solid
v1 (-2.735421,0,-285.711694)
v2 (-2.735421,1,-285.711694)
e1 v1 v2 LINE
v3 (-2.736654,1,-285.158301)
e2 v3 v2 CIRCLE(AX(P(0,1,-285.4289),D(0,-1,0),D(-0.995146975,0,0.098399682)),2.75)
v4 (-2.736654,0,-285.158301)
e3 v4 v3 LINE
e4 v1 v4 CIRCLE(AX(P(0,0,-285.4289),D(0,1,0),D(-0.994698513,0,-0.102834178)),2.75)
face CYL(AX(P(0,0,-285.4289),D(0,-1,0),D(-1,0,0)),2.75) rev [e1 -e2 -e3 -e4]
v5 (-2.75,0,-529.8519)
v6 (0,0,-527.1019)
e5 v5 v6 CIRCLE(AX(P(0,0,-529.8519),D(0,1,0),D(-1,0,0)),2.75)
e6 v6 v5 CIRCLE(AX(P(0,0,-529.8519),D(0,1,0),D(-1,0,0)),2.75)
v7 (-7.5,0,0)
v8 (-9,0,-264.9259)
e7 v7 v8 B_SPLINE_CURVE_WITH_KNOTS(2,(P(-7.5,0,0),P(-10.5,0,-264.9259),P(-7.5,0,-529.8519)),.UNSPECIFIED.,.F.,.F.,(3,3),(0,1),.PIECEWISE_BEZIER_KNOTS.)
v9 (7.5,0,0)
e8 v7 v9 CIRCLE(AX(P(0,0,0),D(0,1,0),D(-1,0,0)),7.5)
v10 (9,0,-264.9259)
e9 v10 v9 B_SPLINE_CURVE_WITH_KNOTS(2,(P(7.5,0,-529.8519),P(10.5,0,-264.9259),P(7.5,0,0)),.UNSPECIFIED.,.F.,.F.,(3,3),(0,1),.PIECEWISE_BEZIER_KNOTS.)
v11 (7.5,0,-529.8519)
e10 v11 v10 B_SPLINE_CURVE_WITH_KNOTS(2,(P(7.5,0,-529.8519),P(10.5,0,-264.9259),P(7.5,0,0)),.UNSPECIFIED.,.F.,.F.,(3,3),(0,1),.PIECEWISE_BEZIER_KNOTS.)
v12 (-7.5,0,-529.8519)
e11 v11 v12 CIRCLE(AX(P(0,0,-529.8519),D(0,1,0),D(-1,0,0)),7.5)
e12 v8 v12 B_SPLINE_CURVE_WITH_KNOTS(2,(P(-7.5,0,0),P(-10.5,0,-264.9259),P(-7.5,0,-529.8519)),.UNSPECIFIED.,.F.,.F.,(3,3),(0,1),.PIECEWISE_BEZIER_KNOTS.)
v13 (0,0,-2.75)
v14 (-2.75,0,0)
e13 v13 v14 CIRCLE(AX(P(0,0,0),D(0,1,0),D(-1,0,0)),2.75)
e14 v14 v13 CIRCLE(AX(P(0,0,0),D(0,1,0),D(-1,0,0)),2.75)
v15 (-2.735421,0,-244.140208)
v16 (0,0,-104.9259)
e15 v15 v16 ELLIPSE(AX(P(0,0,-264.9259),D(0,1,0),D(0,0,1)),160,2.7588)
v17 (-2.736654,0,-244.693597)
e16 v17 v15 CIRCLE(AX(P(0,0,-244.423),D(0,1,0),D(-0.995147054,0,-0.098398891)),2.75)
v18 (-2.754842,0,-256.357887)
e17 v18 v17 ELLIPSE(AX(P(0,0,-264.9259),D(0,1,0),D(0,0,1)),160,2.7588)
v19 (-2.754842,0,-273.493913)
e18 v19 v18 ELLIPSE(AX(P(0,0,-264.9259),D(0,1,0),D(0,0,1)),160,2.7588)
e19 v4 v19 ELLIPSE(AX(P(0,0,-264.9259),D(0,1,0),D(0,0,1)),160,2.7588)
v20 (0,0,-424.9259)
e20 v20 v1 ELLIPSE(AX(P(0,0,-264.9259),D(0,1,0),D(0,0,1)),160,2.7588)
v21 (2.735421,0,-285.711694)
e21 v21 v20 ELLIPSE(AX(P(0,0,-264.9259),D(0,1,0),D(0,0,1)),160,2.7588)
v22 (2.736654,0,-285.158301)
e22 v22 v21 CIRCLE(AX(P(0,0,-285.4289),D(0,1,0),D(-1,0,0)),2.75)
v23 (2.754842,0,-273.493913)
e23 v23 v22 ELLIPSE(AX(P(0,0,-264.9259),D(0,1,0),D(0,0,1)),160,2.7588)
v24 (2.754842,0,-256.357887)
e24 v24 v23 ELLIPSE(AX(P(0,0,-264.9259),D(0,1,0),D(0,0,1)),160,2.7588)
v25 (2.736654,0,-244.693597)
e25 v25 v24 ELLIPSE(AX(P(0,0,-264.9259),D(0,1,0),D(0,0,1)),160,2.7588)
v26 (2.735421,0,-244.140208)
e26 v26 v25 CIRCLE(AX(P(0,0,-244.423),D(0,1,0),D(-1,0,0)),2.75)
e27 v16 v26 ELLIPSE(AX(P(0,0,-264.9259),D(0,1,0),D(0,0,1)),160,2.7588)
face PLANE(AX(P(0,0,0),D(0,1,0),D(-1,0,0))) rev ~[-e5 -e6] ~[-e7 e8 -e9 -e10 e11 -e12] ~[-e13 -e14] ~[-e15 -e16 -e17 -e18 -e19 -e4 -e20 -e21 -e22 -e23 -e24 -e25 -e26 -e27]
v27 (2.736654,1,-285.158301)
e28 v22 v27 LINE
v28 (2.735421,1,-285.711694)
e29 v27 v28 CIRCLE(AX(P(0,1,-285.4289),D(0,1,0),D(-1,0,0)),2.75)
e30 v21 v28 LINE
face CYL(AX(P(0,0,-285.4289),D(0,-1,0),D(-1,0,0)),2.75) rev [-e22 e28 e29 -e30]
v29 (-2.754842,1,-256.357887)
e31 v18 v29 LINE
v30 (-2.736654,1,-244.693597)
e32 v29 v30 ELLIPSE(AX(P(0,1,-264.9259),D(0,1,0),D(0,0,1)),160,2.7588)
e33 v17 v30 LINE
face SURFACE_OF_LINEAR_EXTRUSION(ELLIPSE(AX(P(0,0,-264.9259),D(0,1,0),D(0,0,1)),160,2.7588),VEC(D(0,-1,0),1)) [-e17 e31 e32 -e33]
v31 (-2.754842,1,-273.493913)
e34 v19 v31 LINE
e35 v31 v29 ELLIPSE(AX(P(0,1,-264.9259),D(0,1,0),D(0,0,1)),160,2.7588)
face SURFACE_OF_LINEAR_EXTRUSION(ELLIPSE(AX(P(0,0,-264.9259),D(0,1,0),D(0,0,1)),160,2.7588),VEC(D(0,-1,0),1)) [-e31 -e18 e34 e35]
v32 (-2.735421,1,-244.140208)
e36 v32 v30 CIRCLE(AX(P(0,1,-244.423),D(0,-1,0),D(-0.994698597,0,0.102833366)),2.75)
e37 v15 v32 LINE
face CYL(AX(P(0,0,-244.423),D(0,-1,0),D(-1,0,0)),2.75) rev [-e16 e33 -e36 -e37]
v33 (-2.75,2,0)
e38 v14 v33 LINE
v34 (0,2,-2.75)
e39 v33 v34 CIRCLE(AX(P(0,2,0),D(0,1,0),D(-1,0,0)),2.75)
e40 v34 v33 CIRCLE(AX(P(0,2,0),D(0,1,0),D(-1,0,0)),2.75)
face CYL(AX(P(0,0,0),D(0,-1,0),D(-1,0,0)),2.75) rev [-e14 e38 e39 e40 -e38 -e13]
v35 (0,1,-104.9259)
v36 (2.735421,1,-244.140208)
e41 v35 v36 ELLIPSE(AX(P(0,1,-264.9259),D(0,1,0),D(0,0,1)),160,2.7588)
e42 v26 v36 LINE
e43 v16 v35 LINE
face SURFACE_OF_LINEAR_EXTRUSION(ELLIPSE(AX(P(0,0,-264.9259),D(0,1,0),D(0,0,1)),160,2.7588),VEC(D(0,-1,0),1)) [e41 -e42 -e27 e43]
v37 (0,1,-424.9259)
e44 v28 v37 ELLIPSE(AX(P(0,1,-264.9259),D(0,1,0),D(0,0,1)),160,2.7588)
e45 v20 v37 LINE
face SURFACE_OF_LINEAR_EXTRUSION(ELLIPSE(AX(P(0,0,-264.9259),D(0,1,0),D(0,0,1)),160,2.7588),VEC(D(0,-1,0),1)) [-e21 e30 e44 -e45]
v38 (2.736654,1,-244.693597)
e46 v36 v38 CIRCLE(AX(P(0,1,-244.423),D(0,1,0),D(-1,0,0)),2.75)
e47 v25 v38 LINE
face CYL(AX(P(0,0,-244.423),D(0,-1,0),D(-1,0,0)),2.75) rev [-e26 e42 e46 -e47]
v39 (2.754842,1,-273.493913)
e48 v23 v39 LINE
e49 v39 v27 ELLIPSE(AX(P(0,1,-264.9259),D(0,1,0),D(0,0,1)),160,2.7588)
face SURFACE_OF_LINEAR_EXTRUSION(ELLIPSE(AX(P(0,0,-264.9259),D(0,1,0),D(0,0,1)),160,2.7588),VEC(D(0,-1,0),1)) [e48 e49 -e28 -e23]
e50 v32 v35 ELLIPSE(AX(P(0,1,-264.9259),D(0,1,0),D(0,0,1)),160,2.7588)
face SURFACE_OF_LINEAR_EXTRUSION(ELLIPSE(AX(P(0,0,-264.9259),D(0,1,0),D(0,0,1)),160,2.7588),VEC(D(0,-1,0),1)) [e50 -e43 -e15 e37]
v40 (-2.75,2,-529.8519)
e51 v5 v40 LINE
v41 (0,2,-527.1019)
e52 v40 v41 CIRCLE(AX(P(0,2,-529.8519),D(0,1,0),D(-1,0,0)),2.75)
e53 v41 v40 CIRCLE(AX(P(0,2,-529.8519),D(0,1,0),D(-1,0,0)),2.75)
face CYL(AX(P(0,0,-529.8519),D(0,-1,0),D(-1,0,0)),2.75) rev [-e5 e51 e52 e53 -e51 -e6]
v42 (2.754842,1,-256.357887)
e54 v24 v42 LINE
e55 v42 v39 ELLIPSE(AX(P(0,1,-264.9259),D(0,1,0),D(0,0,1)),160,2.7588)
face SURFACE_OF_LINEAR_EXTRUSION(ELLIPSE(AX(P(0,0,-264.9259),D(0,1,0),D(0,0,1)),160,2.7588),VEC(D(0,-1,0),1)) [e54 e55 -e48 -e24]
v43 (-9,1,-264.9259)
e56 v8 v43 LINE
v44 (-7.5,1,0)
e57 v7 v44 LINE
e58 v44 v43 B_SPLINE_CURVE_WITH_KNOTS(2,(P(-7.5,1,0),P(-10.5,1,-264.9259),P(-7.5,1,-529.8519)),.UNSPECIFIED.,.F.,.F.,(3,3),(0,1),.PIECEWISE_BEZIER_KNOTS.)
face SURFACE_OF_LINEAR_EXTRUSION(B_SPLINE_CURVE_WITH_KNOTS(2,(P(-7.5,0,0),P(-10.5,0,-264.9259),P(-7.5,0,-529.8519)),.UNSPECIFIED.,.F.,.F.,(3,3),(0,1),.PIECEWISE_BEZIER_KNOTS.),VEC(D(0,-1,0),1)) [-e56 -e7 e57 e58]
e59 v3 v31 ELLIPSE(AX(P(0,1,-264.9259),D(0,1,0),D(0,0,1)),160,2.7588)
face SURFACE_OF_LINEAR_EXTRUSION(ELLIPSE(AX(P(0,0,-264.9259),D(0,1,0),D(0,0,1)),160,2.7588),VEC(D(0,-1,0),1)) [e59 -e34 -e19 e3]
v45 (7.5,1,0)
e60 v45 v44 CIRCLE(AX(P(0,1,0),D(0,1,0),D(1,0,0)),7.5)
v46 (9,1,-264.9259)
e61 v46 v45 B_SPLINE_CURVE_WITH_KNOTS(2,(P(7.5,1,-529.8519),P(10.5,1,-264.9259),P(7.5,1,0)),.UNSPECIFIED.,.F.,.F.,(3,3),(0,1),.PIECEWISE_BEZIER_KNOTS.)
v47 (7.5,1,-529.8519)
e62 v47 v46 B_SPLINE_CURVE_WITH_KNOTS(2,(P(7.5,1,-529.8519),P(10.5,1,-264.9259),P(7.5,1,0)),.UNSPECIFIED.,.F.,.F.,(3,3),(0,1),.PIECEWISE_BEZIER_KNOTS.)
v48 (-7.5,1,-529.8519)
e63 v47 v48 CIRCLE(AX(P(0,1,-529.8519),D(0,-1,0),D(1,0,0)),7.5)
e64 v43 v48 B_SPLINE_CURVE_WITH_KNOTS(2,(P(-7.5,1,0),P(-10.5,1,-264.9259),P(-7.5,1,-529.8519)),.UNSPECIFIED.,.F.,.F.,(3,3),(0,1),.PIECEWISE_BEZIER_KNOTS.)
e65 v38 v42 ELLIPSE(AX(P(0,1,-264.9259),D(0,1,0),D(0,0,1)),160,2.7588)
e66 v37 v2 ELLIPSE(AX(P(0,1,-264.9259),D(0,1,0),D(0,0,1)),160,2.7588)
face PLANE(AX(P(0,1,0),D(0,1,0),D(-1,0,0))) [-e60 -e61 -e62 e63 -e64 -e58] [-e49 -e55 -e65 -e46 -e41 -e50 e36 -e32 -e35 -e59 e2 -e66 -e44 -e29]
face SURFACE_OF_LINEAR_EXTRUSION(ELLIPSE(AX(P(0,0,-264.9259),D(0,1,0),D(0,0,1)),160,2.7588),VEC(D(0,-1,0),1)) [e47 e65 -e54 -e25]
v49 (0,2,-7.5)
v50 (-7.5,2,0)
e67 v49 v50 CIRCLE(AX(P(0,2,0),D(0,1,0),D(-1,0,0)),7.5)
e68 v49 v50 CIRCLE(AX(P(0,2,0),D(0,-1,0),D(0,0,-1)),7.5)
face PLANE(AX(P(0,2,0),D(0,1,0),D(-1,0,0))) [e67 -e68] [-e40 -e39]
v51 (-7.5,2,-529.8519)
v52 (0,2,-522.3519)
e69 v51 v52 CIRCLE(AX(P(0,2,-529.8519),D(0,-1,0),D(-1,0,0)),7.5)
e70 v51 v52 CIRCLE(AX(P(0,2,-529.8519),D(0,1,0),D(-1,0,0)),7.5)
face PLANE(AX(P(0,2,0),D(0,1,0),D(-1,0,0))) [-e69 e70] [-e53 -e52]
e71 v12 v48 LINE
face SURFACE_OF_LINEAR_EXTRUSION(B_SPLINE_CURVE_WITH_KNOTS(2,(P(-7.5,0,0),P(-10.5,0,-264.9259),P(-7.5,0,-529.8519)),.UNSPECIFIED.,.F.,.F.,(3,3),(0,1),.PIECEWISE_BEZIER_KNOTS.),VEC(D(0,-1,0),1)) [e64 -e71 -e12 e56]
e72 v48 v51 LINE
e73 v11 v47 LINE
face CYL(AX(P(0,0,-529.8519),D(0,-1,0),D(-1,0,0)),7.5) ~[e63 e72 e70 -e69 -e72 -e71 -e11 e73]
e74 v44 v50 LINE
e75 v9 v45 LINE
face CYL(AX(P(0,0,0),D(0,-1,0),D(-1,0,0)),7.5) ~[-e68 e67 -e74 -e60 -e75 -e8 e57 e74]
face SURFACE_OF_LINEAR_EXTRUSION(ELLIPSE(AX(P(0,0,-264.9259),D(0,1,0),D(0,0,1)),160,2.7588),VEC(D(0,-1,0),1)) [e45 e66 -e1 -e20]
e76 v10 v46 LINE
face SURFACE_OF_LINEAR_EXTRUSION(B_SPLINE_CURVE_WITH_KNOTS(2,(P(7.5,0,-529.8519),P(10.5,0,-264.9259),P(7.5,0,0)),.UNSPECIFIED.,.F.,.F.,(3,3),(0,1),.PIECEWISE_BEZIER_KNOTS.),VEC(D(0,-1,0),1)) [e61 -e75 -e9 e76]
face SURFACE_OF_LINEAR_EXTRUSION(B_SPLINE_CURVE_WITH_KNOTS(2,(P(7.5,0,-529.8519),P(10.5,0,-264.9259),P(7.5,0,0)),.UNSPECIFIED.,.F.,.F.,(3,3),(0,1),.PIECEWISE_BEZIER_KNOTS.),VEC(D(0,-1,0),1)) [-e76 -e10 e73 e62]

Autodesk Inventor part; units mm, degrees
ref_plane "YZ Plane" through (0, 0, 0) normal (1, 0, 0) x (0, 1, 0)
ref_plane "XZ Plane" through (0, 0, 0) normal (0, 1, 0) x (-1, 0, 0)
ref_plane "XY Plane" through (0, 0, 0) normal (0, 0, 1) x (1, 0, 0)
sketch "Sketch1" plane through (0, 0, 0) normal (0, 1, 0) x (-1, 0, 0)
  line L0 (0, 0) -> (0, -244.423)
  line L1 (0, 0) -> (244.423, 0) construction
  line L2 (0, -244.423) -> (0, -285.4289)
  line L3 (0, -285.4289) -> (0, -529.8519)
  circle A0 centre (0, -244.423) radius 2.75
  circle A1 centre (0, -285.4289) radius 2.75
  circle A2 centre (0, 0) radius 2.75
  circle A3 centre (0, 0) radius 7.5
  circle A4 centre (0, -529.8519) radius 7.5
  circle A5 centre (0, -264.9259) radius 9
  spline S0 degree 2 poles (7.5, 0) (10.5, -264.9259) (7.5, -529.8519) knots 0 0 0 1 1 1
  spline S1 degree 2 poles (-7.5, -529.8519) (-10.5, -264.9259) (-7.5, 0) knots 0 0 0 1 1 1
  ellipse E0 centre (0, -264.9259) end of major axis (0, -104.9259) minor radius 2.7588
  circle A6 centre (0, -529.8519) radius 2.75
  point P0 (9, -264.9259)
  point P1 (-9, -264.9259)
  point P2 (0, -522.3519)
  point P3 (0, -7.5)
  point P4 (-2.7354, -244.1399)
  point P5 (2.7354, -244.1399)
  point P6 (2.7366, -244.694)
  point P7 (2.7548, -256.3579)
  point P8 (-2.7548, -256.3579)
  point P9 (-2.7366, -244.694)
  point P10 (2.7548, -273.494)
  point P11 (2.7366, -285.1579)
  point P12 (2.7354, -285.712)
  point P13 (-2.7354, -285.712)
  point P14 (-2.7366, -285.1579)
  point P15 (-2.7548, -273.494)
  dimension "d15" = 160
  dimension "d0" = 244.423
  dimension "d1" = 90
  dimension "d2" = 41.0059
  dimension "d3" = 244.423
  dimension "d4" = 5.5
  dimension "d5" = 5.5
  dimension "d6" = 5.5
  dimension "d7" = 15
  dimension "d8" = 15
  dimension "d9" = 18
  dimension "d10" = 5.5
extrude "Extrusion1" add sketch "Sketch1" along normal blind 2 contours A3 | A4
extrude "Extrusion2" add sketch "Sketch1" along normal blind 1 contours A3 S0 A5 E0 A0 L0 | L0 E0 A0 A5 S1 A3 | A5 E0 | A5 E0 A1 L3 A4 S1 | A5 E0 | S0 A4 L3 E0 A1 A5
properties part number "szalag3"
